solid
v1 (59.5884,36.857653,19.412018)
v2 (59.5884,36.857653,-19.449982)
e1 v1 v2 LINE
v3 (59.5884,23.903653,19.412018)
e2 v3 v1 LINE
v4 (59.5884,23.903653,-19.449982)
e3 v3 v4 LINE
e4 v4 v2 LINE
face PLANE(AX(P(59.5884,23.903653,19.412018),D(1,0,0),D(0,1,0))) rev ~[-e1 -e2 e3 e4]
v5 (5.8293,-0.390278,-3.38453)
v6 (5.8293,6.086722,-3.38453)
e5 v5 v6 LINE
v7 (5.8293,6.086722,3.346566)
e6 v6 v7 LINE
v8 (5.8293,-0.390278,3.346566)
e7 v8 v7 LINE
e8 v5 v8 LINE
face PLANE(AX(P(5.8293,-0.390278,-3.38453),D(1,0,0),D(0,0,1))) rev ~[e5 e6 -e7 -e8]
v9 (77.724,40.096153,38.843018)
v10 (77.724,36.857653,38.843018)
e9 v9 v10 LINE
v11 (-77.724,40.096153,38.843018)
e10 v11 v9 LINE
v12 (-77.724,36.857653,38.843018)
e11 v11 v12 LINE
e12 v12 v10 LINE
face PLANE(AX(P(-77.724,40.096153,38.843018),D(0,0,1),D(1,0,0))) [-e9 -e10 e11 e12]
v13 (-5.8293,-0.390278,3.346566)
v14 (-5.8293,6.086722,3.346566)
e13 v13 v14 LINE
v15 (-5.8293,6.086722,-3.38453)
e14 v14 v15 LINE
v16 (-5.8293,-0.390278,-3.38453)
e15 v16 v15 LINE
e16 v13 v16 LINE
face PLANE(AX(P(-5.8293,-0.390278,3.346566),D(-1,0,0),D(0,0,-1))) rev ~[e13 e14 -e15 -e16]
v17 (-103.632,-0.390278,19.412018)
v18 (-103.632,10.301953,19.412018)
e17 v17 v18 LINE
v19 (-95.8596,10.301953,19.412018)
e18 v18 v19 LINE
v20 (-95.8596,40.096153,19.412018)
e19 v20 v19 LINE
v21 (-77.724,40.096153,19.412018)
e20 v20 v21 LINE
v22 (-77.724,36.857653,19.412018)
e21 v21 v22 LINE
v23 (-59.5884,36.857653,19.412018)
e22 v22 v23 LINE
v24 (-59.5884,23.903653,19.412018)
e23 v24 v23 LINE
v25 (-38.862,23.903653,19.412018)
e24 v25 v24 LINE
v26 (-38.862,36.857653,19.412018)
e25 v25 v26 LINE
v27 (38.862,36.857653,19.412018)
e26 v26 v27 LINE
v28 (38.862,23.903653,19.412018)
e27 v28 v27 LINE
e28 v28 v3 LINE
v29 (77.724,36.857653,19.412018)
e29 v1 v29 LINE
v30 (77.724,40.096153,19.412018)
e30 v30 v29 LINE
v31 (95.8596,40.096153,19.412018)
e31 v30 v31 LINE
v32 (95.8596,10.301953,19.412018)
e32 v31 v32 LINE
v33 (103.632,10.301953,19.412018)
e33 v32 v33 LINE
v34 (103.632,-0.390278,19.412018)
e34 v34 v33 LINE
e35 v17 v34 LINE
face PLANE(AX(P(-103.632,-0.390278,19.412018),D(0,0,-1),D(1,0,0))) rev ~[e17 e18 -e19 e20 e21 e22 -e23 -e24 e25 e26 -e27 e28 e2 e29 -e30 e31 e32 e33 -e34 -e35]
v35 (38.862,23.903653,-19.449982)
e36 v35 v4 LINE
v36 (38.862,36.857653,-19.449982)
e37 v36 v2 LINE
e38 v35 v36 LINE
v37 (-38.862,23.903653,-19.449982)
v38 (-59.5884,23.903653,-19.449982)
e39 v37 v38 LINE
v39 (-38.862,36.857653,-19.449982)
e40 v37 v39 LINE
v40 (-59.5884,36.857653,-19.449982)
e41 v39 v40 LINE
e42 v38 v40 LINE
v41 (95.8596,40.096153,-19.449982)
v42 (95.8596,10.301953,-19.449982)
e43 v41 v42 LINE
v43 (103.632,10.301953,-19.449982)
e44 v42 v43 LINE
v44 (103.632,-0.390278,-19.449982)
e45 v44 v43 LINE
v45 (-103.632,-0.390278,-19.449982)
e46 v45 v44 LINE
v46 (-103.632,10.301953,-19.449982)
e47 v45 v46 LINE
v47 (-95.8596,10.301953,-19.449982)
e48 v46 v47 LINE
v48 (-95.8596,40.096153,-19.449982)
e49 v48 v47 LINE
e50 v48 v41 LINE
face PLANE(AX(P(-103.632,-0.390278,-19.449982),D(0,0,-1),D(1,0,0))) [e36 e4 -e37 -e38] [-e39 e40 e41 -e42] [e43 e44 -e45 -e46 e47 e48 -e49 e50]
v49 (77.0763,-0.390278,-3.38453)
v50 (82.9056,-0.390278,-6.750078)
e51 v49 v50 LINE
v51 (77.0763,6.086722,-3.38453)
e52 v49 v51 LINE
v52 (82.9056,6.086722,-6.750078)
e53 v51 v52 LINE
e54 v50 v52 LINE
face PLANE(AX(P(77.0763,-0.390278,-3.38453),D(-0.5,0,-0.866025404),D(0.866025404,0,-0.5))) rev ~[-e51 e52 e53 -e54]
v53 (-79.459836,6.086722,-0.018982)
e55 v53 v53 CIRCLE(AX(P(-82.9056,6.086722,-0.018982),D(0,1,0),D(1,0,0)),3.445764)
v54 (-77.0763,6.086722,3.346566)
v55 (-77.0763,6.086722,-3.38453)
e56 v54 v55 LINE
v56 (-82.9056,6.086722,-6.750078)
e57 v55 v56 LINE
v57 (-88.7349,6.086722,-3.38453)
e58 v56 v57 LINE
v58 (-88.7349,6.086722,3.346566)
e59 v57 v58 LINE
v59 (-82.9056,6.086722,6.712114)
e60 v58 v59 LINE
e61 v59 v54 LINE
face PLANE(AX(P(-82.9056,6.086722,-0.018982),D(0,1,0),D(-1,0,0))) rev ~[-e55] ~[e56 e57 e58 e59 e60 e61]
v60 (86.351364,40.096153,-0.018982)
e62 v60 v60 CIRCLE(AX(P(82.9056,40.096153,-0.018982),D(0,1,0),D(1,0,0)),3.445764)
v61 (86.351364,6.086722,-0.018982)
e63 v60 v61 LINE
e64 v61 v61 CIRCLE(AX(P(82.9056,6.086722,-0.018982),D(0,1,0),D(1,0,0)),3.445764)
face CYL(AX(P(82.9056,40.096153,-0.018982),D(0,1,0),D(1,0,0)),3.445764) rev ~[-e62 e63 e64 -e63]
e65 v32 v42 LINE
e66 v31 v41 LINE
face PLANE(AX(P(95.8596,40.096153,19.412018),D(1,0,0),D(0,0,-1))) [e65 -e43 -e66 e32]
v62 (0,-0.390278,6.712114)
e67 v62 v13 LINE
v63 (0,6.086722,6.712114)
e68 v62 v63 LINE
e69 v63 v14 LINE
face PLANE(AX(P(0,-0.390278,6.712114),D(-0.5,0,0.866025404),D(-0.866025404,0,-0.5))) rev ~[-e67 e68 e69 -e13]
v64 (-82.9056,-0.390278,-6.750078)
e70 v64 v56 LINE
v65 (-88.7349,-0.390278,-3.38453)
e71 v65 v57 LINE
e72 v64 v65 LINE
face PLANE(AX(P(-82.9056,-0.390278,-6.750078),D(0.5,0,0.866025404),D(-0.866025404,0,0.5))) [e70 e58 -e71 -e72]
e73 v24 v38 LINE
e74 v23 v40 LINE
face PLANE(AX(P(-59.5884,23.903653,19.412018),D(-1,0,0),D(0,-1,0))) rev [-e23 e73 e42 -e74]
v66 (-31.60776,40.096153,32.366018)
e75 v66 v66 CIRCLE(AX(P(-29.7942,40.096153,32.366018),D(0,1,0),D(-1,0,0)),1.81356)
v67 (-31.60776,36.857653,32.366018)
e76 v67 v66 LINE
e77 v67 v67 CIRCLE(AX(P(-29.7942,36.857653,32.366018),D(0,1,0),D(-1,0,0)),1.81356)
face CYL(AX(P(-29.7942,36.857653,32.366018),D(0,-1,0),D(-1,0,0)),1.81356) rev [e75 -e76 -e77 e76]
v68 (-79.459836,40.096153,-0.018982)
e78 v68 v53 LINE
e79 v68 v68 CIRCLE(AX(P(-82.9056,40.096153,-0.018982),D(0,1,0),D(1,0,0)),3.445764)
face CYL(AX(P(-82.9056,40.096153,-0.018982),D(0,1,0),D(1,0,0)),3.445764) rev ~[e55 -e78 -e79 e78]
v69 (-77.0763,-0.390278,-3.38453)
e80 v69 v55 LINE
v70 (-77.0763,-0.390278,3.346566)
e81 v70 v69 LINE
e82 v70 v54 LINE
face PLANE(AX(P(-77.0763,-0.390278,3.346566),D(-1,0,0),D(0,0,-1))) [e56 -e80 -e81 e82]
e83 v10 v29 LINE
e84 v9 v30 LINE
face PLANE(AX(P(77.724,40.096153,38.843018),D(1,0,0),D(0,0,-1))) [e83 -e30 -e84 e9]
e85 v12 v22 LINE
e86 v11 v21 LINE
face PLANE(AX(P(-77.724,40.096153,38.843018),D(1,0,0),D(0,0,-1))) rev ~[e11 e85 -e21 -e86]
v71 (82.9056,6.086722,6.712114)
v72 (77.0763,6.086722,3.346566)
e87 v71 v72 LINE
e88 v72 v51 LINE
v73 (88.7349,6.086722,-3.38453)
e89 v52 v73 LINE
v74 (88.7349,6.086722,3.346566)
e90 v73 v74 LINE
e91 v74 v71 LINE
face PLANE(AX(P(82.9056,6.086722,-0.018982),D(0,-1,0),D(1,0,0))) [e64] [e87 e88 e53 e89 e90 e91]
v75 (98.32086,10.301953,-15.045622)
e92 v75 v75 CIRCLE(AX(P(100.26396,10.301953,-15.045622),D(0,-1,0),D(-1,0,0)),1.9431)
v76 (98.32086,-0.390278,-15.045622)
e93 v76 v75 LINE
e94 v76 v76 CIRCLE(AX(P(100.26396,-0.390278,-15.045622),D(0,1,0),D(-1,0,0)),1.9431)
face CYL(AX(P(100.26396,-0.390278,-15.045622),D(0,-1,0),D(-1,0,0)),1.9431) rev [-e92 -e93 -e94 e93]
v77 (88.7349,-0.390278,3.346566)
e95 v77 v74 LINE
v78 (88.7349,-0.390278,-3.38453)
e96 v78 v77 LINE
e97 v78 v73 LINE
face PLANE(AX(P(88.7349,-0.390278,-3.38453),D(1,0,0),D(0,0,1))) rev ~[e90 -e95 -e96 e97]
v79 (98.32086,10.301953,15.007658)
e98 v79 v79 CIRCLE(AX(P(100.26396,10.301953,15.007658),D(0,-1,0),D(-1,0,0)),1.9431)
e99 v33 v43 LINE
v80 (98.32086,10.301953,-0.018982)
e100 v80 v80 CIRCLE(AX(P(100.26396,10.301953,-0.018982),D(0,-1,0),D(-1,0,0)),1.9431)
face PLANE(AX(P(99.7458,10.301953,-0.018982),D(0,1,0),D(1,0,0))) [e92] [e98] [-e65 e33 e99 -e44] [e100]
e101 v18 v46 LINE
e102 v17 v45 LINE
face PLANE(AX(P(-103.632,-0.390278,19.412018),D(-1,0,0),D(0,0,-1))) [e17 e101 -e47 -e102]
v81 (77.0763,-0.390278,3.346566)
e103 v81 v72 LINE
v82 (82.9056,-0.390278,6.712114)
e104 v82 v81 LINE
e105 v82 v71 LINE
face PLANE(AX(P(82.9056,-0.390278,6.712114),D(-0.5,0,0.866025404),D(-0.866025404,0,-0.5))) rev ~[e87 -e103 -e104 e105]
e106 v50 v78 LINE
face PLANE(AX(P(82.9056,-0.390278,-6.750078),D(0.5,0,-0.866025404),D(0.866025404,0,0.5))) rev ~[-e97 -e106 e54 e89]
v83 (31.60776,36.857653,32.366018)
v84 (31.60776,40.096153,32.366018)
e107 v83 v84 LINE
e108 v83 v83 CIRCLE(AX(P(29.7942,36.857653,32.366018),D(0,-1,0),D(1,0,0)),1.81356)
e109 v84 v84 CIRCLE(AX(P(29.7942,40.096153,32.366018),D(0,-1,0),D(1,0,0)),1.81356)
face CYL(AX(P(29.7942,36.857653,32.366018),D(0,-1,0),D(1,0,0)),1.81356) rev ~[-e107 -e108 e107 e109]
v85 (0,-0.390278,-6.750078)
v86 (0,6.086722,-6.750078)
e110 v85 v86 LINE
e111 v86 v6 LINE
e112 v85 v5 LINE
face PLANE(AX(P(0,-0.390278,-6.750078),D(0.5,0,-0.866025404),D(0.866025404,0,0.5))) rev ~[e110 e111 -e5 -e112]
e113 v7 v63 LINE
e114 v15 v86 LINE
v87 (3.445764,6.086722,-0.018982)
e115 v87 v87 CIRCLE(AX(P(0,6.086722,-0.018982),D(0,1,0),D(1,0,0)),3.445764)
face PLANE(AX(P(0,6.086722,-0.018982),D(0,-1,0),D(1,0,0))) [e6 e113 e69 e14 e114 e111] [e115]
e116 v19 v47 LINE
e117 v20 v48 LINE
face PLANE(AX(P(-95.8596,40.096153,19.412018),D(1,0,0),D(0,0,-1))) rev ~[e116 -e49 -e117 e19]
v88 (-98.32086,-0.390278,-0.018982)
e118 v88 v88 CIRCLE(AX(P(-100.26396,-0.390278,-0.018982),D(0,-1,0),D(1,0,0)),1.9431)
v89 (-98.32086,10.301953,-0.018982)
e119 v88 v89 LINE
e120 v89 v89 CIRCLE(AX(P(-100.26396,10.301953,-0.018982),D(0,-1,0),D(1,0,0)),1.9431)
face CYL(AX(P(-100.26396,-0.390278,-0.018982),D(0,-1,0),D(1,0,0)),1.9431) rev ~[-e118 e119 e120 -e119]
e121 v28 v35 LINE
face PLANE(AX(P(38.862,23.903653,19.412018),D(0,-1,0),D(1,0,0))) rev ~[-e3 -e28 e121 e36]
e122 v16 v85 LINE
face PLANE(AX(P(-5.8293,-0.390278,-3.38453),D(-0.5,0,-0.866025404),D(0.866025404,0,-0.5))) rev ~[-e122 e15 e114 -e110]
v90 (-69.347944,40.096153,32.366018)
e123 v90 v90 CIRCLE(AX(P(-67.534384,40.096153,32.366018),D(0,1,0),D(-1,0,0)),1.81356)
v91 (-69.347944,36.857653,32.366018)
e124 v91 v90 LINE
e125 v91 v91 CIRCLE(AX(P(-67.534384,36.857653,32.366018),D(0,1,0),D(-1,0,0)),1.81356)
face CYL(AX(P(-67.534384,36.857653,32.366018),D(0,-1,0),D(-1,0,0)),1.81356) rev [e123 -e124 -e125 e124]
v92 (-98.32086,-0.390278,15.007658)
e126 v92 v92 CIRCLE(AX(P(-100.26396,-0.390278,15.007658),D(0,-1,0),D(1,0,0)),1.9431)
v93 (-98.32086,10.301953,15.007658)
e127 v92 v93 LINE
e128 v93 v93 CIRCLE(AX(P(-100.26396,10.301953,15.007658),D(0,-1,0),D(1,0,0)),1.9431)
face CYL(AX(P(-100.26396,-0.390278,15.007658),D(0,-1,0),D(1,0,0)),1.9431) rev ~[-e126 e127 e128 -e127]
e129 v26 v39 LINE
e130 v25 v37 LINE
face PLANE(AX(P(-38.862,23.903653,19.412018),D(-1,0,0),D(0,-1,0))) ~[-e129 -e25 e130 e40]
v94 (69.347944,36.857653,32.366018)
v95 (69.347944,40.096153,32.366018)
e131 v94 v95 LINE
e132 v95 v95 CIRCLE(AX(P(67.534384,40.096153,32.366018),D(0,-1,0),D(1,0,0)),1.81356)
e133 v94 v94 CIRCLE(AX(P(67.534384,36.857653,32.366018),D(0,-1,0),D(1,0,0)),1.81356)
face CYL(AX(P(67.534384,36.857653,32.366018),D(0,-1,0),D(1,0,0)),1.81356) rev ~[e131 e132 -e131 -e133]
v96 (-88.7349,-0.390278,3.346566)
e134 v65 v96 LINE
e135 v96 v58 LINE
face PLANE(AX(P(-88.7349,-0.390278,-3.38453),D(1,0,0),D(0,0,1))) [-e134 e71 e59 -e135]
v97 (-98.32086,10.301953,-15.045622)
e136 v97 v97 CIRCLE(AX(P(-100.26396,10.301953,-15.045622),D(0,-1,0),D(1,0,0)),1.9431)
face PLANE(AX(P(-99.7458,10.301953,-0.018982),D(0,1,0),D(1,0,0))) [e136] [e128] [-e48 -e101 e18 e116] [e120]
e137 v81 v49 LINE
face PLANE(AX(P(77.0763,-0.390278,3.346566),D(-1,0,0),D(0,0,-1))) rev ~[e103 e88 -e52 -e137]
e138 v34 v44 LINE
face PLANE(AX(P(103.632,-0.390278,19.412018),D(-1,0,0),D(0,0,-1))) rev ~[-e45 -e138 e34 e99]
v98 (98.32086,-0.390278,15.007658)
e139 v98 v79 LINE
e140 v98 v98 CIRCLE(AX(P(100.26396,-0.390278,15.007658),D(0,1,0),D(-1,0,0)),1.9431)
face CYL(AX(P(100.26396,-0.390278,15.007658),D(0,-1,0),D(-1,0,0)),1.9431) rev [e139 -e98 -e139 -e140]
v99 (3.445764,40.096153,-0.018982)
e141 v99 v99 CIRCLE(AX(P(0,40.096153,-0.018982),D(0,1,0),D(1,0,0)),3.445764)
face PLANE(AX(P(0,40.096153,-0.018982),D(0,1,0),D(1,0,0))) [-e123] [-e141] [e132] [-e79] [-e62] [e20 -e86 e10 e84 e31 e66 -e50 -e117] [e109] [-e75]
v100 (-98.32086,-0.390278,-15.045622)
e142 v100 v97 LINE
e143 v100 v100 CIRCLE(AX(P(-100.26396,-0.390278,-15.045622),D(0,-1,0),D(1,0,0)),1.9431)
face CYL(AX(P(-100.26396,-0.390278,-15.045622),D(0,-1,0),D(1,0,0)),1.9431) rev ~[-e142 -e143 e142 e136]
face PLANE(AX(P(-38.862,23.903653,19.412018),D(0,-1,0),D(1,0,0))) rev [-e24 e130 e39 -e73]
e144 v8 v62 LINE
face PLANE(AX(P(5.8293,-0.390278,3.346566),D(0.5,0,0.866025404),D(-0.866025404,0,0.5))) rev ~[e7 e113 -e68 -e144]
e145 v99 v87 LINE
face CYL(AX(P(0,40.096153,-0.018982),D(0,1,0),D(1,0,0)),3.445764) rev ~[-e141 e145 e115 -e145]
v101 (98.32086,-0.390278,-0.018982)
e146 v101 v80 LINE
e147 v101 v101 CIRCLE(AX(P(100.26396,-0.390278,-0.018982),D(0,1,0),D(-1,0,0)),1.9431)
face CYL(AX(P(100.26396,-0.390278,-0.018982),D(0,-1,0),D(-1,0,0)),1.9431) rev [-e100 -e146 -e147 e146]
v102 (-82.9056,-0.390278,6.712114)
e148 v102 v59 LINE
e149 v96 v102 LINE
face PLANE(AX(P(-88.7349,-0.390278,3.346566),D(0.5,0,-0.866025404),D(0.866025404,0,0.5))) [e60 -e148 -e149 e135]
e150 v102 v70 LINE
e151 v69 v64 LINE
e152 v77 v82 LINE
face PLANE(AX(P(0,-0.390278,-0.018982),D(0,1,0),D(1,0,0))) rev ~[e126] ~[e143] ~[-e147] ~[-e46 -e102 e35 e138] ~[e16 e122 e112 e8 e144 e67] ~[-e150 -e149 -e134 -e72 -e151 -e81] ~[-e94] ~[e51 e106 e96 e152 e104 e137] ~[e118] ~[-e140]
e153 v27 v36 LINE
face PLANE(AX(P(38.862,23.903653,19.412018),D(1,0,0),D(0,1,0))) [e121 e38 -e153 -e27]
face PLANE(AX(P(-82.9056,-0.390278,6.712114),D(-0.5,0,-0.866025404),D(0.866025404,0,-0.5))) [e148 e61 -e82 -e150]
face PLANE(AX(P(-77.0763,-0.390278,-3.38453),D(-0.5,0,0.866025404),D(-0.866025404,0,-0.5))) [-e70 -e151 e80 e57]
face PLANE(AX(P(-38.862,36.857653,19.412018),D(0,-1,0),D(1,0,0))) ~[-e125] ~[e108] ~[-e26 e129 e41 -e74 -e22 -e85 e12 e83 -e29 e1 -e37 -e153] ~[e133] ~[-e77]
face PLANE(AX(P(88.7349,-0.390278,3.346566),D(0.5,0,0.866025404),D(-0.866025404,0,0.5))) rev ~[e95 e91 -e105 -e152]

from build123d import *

# Parameters (mm, degrees)
SKETCH1_W           = 203.2
SKETCH1_H           = 38.1
BOSS_EXTRUDE1_DEPTH = 39.69258
SKETCH3_R           = 1.905
CUT_EXTRUDE1_DEPTH  = 40.69258
SKETCH4_R           = 3.3782
CUT_EXTRUDE3_DEPTH  = 40.69258
CUT_EXTRUDE5_DEPTH  = 6.35
SKETCH7_W           = 7.62
SKETCH7_H           = 38.1
CUT_EXTRUDE6_DEPTH  = 29.21
SKETCH8_W           = 152.4
SKETCH8_H           = 19.05
BOSS_EXTRUDE2_DEPTH = 3.175
SKETCH9_R           = 1.778
CUT_EXTRUDE7_DEPTH  = 3.175
SKETCH10_W          = 20.32
SKETCH10_H          = 12.7
CUT_EXTRUDE8_DEPTH  = 38.1
SCALE1_SCALE        = 1.02


with BuildPart() as part:
    # Sketch1 → Boss-Extrude1 (new body)
    with BuildSketch(Plane(origin=(0, 0, 0), x_dir=(1, 0, 0), z_dir=(0, 1, 0))):
        Rectangle(SKETCH1_W, SKETCH1_H)
    extrude(amount=BOSS_EXTRUDE1_DEPTH)

    # Sketch3 → Cut-Extrude1 (cut, through all)
    with BuildSketch(Plane.XZ):
        with Locations((-98.298, 14.732)):
            Circle(SKETCH3_R)
        with Locations((-98.298, 0)):
            Circle(SKETCH3_R)
        with Locations((-98.298, -14.732)):
            Circle(SKETCH3_R)
    cut_extrude1 = extrude(amount=-CUT_EXTRUDE1_DEPTH, mode=Mode.SUBTRACT)

    # Mirror1: Cut-Extrude1 across plane
    add(cut_extrude1.mirror(Plane(origin=(0, 0, 0), x_dir=(0, 0, 1), z_dir=(1, 0, 0))), mode=Mode.SUBTRACT)

    # Sketch4 → Cut-Extrude3 (cut, through all)
    with BuildSketch(Plane(origin=(0, 39.69258, 0), x_dir=(1, 0, 0), z_dir=(0, 1, 0))):
        Circle(SKETCH4_R)
        with Locations((81.28, 0)):
            Circle(SKETCH4_R)
        with Locations((-81.28, 0)):
            Circle(SKETCH4_R)
    extrude(amount=-CUT_EXTRUDE3_DEPTH, mode=Mode.SUBTRACT)

    # Sketch6 → Cut-Extrude5 (cut)
    with BuildSketch(Plane.XZ):
        Polygon((86.995, 3.299556788), (81.28, 6.599113577), (75.565, 3.299556788), (75.565, -3.299556788), (81.28, -6.599113577), (86.995, -3.299556788), align=None)
        Polygon((-86.995, -3.299556788), (-86.995, 3.299556788), (-81.28, 6.599113577), (-75.565, 3.299556788), (-75.565, -3.299556788), (-81.28, -6.599113577), align=None)
        Polygon((5.715, 3.299556788), (0, 6.599113577), (-5.715, 3.299556788), (-5.715, -3.299556788), (0, -6.599113577), (5.715, -3.299556788), align=None)
    extrude(amount=-CUT_EXTRUDE5_DEPTH, mode=Mode.SUBTRACT)

    # Sketch7 → Cut-Extrude6 (cut)
    with BuildSketch(Plane(origin=(0, 39.69258, 0), x_dir=(1, 0, 0), z_dir=(0, 1, 0))):
        with Locations((-97.79, 0)):
            Rectangle(SKETCH7_W, SKETCH7_H)
        with Locations((97.79, 0)):
            Rectangle(SKETCH7_W, SKETCH7_H)
    extrude(amount=-CUT_EXTRUDE6_DEPTH, mode=Mode.SUBTRACT)

    # Sketch8 → Boss-Extrude2 (add)
    with BuildSketch(Plane(origin=(0, 39.69258, 0), x_dir=(1, 0, 0), z_dir=(0, 1, 0))):
        with Locations((0, -28.575)):
            Rectangle(SKETCH8_W, SKETCH8_H)
    extrude(amount=-BOSS_EXTRUDE2_DEPTH)

    # Sketch9 → Cut-Extrude7 (cut)
    with BuildSketch(Plane.XZ.offset(-36.51758)):
        with Locations((29.21, 31.75)):
            Circle(SKETCH9_R)
        with Locations((66.21018, 31.75)):
            Circle(SKETCH9_R)
    cut_extrude7 = extrude(amount=-CUT_EXTRUDE7_DEPTH, mode=Mode.SUBTRACT)

    # Mirror2: Cut-Extrude7 across plane
    add(cut_extrude7.mirror(Plane(origin=(0, 0, 0), x_dir=(0, 0, 1), z_dir=(1, 0, 0))), mode=Mode.SUBTRACT)

    # Sketch10 → Cut-Extrude8 (cut)
    with BuildSketch(Plane.XY.offset(19.05)):
        with Locations((48.26, 30.16758)):
            Rectangle(SKETCH10_W, SKETCH10_H)
    cut_extrude8 = extrude(amount=-CUT_EXTRUDE8_DEPTH, mode=Mode.SUBTRACT)

    # Mirror3: Cut-Extrude8 across plane
    add(cut_extrude8.mirror(Plane(origin=(0, 0, 0), x_dir=(0, 0, 1), z_dir=(1, 0, 0))), mode=Mode.SUBTRACT)


with BuildPart() as part_1:
    # Scale1: scaled about (0, 19.51392143, 0.949094237)
    add(part.part.scale(SCALE1_SCALE).moved(Location((0, -0.390278429, -0.018981885))))


solid = part_1.part
